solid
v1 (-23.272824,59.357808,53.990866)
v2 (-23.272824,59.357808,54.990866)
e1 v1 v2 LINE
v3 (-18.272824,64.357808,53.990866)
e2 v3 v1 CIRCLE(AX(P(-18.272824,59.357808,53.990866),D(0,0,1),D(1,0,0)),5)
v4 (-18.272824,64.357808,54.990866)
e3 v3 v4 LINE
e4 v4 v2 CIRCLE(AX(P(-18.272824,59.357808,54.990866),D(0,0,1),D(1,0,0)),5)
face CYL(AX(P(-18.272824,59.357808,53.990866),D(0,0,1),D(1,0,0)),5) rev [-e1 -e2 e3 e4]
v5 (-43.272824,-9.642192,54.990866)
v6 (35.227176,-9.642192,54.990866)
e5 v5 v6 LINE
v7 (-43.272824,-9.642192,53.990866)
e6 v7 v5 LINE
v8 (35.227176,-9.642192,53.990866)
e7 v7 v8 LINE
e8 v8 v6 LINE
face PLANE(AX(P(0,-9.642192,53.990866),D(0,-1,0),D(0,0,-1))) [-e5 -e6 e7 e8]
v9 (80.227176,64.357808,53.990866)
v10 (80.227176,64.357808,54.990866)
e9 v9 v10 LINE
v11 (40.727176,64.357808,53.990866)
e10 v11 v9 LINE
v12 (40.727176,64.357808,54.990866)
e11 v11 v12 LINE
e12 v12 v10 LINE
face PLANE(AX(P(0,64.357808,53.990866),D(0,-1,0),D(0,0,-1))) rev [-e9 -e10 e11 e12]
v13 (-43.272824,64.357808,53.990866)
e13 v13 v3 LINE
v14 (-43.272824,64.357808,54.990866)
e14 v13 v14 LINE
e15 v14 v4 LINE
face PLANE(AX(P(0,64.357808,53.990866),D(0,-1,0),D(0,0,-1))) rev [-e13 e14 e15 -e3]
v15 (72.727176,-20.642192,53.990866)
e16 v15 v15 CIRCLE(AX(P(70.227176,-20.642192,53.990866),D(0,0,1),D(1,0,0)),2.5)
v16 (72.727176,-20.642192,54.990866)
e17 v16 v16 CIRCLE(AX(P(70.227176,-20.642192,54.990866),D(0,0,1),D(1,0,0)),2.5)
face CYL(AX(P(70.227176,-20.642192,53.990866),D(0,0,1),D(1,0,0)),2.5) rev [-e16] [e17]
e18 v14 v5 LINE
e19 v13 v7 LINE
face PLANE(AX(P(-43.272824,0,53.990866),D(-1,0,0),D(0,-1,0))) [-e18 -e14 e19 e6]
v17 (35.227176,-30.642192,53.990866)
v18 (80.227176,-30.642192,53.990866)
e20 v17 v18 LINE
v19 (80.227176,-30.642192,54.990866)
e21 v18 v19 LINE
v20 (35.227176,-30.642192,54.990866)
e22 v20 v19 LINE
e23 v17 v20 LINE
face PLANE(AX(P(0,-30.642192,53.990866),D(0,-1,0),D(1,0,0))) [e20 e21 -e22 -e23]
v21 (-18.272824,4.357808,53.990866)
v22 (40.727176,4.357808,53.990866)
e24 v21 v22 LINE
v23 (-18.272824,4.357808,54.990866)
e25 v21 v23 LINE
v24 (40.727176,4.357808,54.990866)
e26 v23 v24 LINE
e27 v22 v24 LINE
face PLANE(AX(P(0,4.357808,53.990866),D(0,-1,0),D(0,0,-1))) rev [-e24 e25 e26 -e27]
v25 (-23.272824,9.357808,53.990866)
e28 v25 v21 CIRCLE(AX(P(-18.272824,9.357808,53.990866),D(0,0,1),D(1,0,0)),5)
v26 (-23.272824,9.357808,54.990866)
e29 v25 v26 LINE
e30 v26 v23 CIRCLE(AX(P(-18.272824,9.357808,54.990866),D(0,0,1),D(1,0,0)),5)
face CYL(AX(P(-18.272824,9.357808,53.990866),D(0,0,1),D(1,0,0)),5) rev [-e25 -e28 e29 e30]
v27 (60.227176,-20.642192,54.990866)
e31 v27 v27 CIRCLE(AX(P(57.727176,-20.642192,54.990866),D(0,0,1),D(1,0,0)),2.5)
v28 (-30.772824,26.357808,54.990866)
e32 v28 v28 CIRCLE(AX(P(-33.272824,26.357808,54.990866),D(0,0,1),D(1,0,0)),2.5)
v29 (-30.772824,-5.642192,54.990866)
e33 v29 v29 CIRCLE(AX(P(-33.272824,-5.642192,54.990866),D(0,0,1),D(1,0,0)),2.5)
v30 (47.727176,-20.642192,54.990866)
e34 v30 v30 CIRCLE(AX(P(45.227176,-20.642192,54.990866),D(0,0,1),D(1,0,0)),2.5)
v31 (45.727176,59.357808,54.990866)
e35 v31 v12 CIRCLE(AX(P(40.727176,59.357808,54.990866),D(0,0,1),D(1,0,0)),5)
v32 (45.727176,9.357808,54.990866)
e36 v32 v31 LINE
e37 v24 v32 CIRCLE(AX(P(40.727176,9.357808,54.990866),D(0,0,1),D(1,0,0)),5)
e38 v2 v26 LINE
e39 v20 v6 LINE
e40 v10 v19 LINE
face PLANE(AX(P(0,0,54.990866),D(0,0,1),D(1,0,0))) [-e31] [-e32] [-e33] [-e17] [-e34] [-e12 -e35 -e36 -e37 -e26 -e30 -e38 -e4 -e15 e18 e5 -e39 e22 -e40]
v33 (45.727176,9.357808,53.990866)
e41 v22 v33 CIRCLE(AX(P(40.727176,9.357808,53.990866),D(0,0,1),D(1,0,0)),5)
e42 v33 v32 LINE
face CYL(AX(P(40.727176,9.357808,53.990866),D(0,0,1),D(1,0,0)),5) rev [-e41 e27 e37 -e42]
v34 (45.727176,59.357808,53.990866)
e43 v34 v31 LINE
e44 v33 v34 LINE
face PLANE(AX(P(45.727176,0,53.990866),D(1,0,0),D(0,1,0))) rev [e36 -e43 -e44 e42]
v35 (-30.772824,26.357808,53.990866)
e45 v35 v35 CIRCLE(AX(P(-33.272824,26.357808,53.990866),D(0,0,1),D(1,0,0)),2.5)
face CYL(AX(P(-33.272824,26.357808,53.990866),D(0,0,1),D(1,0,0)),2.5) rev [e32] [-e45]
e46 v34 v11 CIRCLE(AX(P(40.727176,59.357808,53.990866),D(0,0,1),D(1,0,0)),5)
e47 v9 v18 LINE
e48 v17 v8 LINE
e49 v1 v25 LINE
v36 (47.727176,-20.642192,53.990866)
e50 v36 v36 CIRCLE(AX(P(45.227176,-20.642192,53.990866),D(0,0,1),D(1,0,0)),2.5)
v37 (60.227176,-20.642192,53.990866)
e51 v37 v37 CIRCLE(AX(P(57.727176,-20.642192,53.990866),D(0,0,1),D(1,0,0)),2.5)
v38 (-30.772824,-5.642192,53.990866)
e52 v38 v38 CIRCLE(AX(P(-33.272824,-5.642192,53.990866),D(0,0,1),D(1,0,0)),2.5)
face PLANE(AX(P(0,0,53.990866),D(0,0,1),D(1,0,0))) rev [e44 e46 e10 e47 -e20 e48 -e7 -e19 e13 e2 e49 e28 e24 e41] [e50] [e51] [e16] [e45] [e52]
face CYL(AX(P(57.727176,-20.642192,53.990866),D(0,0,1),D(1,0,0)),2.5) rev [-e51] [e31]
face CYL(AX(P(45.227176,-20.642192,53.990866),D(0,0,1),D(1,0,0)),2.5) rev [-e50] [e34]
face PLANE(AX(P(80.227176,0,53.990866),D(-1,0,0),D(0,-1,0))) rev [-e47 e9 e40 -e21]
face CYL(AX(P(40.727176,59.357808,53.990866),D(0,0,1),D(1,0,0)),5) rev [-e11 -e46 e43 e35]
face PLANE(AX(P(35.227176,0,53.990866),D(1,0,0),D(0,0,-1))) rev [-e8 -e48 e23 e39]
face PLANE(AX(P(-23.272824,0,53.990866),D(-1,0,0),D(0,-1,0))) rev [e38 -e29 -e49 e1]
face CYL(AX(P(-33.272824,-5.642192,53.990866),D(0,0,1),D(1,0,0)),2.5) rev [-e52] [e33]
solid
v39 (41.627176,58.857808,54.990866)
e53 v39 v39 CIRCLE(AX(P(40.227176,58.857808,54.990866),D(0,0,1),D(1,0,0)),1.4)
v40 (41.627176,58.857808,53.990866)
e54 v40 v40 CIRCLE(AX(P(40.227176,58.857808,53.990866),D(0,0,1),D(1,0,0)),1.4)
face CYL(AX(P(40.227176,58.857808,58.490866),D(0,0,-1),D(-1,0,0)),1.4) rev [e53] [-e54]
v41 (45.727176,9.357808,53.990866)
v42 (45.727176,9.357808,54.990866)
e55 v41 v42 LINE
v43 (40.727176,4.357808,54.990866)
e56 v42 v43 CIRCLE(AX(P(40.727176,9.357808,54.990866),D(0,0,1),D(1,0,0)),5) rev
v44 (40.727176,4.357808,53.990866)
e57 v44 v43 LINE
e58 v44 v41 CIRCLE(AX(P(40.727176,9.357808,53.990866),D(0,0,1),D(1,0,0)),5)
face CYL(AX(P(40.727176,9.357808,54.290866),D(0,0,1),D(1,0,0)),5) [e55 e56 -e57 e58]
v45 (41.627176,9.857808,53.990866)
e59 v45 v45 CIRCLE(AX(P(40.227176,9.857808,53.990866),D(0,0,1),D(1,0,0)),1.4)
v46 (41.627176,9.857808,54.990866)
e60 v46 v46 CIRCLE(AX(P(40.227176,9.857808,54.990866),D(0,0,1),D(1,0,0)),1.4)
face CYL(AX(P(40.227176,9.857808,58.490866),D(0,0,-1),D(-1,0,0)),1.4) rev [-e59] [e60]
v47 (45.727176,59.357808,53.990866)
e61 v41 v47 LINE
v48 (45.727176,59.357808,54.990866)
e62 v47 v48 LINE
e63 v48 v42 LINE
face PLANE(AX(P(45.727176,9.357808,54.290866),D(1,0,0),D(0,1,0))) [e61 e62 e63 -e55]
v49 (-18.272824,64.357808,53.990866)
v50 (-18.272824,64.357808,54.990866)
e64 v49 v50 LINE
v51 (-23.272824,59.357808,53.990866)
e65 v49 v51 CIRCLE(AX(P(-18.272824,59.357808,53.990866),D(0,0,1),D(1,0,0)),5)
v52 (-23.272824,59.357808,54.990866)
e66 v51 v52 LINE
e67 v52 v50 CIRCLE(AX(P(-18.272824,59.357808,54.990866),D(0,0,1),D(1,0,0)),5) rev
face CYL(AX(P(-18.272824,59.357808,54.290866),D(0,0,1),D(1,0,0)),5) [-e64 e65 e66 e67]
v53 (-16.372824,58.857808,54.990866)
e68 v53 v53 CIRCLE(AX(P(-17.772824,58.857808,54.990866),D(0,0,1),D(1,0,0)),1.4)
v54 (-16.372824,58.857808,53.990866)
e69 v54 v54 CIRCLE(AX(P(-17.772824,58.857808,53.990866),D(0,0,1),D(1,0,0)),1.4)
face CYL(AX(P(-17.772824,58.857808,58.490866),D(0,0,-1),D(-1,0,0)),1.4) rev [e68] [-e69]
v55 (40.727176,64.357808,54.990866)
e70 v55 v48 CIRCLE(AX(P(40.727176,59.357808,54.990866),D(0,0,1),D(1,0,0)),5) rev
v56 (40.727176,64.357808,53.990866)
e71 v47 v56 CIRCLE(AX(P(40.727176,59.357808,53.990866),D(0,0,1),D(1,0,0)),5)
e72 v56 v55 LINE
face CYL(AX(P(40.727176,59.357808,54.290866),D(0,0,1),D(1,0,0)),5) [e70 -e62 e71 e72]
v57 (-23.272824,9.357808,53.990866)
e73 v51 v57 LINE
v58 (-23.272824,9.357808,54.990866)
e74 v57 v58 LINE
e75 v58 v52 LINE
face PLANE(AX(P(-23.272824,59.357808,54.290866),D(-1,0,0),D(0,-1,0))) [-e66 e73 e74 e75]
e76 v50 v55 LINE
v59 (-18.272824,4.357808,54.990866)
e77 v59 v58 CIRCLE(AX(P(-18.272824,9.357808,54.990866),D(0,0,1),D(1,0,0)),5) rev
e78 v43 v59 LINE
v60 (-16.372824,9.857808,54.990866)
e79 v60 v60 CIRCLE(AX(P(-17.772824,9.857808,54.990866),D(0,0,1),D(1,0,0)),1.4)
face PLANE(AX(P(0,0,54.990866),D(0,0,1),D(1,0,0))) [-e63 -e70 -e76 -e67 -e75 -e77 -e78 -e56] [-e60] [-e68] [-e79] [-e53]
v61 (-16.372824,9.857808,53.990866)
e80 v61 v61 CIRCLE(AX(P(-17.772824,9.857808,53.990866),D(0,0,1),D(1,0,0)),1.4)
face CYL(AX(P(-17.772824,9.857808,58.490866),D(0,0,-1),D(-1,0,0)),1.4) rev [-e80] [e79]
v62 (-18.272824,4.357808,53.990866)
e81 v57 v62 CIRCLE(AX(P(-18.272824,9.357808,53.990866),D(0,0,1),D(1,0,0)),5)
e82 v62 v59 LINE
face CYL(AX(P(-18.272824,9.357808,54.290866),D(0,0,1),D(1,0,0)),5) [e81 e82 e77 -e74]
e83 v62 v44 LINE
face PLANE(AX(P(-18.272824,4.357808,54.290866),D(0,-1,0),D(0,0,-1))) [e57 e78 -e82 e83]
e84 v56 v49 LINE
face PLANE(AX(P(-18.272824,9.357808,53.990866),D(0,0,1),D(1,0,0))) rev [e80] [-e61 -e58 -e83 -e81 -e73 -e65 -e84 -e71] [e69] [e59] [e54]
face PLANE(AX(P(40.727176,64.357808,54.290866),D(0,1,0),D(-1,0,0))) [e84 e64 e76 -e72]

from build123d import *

# Parameters (mm, degrees)
BOSS_EXTRUDE1_DEPTH      = 6.5
BOSS_EXTRUDE1_DEPTH_BACK = 1
SKETCH5_R                = 3
SKETCH5_R_2              = 1.4
BOSS_EXTRUDE5_DEPTH      = 3.2
BOSS_EXTRUDE5_2_DEPTH    = 3.2
BOSS_EXTRUDE5_3_DEPTH    = 3.2
BOSS_EXTRUDE5_4_DEPTH    = 3.2
BOSS_EXTRUDE6_START      = -1.3
BOSS_EXTRUDE6_DEPTH      = 1.3
CUT_EXTRUDE9_START       = -1.5
SKETCH17_R               = 1.4
CUT_EXTRUDE9_DEPTH       = 1.5
CUT_EXTRUDE10_DEPTH      = 10
CUT_EXTRUDE10_DEPTH_BACK = 3.5
SKETCH18_W               = 118.483225972
SKETCH18_H               = 113.092379331
SKETCH23_R               = 2.5
BOSS_EXTRUDE7_DEPTH      = 1


with BuildPart() as part:
    # Sketch3 → Boss-Extrude1 (new, two sides: drawn at the far end of the back side and taken through both)
    with BuildSketch(Plane.XY.offset(55.290865561).offset(-BOSS_EXTRUDE1_DEPTH_BACK)):
        with BuildLine():
            Line((-23.272824317, 59.357808031), (-23.272824317, 9.357808031))
            ThreePointArc((-23.272824317, 9.357808031), (-21.808358223, 5.822274126), (-18.272824317, 4.357808031))
            Line((-18.272824317, 4.357808031), (40.727175683, 4.357808031))
            ThreePointArc((40.727175683, 4.357808031), (44.262709589, 5.822274126), (45.727175683, 9.357808031))
            Line((45.727175683, 9.357808031), (45.727175683, 59.357808031))
            ThreePointArc((45.727175683, 59.357808031), (44.262709589, 62.893341937), (40.727175683, 64.357808031))
            Line((40.727175683, 64.357808031), (-18.272824317, 64.357808031))
            ThreePointArc((-18.272824317, 64.357808031), (-21.808358223, 62.893341937), (-23.272824317, 59.357808031))
        make_face()
        with BuildLine():
            Line((40.727175683, 62.857808031), (-18.272824317, 62.857808031))
            ThreePointArc((-18.272824317, 62.857808031), (-20.747698051, 61.832681766), (-21.772824317, 59.357808031))
            Line((-21.772824317, 59.357808031), (-21.772824317, 9.357808031))
            ThreePointArc((-21.772824317, 9.357808031), (-20.747698051, 6.882934297), (-18.272824317, 5.857808031))
            Line((-18.272824317, 5.857808031), (40.727175683, 5.857808031))
            ThreePointArc((40.727175683, 5.857808031), (43.202049418, 6.882934297), (44.227175683, 9.357808031))
            Line((44.227175683, 9.357808031), (44.227175683, 59.357808031))
            ThreePointArc((44.227175683, 59.357808031), (43.202049418, 61.832681766), (40.727175683, 62.857808031))
        make_face(mode=Mode.SUBTRACT)
    extrude(amount=BOSS_EXTRUDE1_DEPTH + BOSS_EXTRUDE1_DEPTH_BACK)



with BuildPart() as body_2:
    # Sketch5 → Boss-Extrude5 (new body)
    with BuildSketch(Plane.XY.offset(55.290865561)):
        with Locations((-17.772824317, 58.857808031)):
            Circle(SKETCH5_R)
        with Locations(Location((-17.772824317, 58.857808031, 0), (0, 0, 180))):
            Circle(SKETCH5_R_2, mode=Mode.SUBTRACT)
    extrude(amount=BOSS_EXTRUDE5_DEPTH)


with BuildPart() as body_3:
    # Sketch5 → Boss-Extrude5 2 (new body)
    with BuildSketch(Plane.XY.offset(55.290865561)):
        with Locations(Location((40.227175683, 58.857808031, 0), (0, 0, 180))):
            Circle(SKETCH5_R)
        with Locations((40.227175683, 58.857808031)):
            Circle(SKETCH5_R_2, mode=Mode.SUBTRACT)
    extrude(amount=BOSS_EXTRUDE5_2_DEPTH)


with BuildPart() as body_4:
    # Sketch5 → Boss-Extrude5 3 (new body)
    with BuildSketch(Plane.XY.offset(55.290865561)):
        with Locations(Location((-17.772824317, 9.857808031, 0), (0, 0, 180))):
            Circle(SKETCH5_R)
        with Locations((-17.772824317, 9.857808031)):
            Circle(SKETCH5_R_2, mode=Mode.SUBTRACT)
    extrude(amount=BOSS_EXTRUDE5_3_DEPTH)


with BuildPart() as body_5:
    # Sketch5 → Boss-Extrude5 4 (new body)
    with BuildSketch(Plane.XY.offset(55.290865561)):
        with Locations((40.227175683, 9.857808031)):
            Circle(SKETCH5_R)
        with Locations(Location((40.227175683, 9.857808031, 0), (0, 0, 180))):
            Circle(SKETCH5_R_2, mode=Mode.SUBTRACT)
    extrude(amount=BOSS_EXTRUDE5_4_DEPTH)


with BuildPart() as part_1:
    add(part.part)

    add(body_2.part)  # Boss-Extrude6 merges body 2

    add(body_3.part)  # Boss-Extrude6 merges body 3

    add(body_4.part)  # Boss-Extrude6 merges body 4

    add(body_5.part)  # Boss-Extrude6 merges body 5
    # Sketch13 → Boss-Extrude6 (add)
    with BuildSketch(Plane.XY.offset(55.290865561).offset(BOSS_EXTRUDE6_START)):
        with BuildLine():
            Line((-23.272824317, 26.657808031), (-23.272824317, 42.657808031))
            Line((-23.272824317, 42.657808031), (-23.272824317, 59.357808031))
            ThreePointArc((-23.272824317, 59.357808031), (-21.808358223, 62.893341937), (-18.272824317, 64.357808031))
            Line((-18.272824317, 64.357808031), (40.727175683, 64.357808031))
            ThreePointArc((40.727175683, 64.357808031), (44.262709589, 62.893341937), (45.727175683, 59.357808031))
            Line((45.727175683, 59.357808031), (45.727175683, 9.357808031))
            ThreePointArc((45.727175683, 9.357808031), (44.262709589, 5.822274126), (40.727175683, 4.357808031))
            Line((40.727175683, 4.357808031), (-18.272824317, 4.357808031))
            ThreePointArc((-18.272824317, 4.357808031), (-21.808358223, 5.822274126), (-23.272824317, 9.357808031))
            Line((-23.272824317, 9.357808031), (-23.272824317, 26.657808031))
        make_face()
    extrude(amount=BOSS_EXTRUDE6_DEPTH)

    # Sketch17 → Cut-Extrude9 (cut)
    with BuildSketch(Plane.XY.offset(55.290865561).offset(CUT_EXTRUDE9_START)):
        with Locations(Location((40.227175683, 9.857808031, 0), (0, 0, 180))):
            Circle(SKETCH17_R)
        with Locations((-17.772824317, 9.857808031)):
            Circle(SKETCH17_R)
        with Locations(Location((-17.772824317, 58.857808031, 0), (0, 0, 180))):
            Circle(SKETCH17_R)
        with Locations((40.227175683, 58.857808031)):
            Circle(SKETCH17_R)
    extrude(amount=CUT_EXTRUDE9_DEPTH, mode=Mode.SUBTRACT)

    # Sketch18 → Cut-Extrude10 (cut, two sides: drawn at the far end of the back side and taken through both)
    with BuildSketch(Plane.XY.offset(58.490865561).offset(-CUT_EXTRUDE10_DEPTH_BACK)):
        with Locations((8.738192824, 45.025275568)):
            Rectangle(SKETCH18_W, SKETCH18_H)
    extrude(amount=CUT_EXTRUDE10_DEPTH + CUT_EXTRUDE10_DEPTH_BACK, mode=Mode.SUBTRACT)


with BuildPart() as body_2_2:
    # Sketch23 → Boss-Extrude7 (new body)
    with BuildSketch(Plane.XY.offset(54.990865561)):
        with BuildLine():
            Line((-18.272824317, 64.357808031), (-43.272824317, 64.357808031))
            Line((-43.272824317, 64.357808031), (-43.272824317, -9.642191969))
            Line((-43.272824317, -9.642191969), (35.227175683, -9.642191969))
            Line((35.227175683, -9.642191969), (35.227175683, -30.642191969))
            Line((35.227175683, -30.642191969), (80.227175683, -30.642191969))
            Line((80.227175683, -30.642191969), (80.227175683, 64.357808031))
            Line((80.227175683, 64.357808031), (40.727175683, 64.357808031))
            ThreePointArc((40.727175683, 64.357808031), (44.262709589, 62.893341937), (45.727175683, 59.357808031))
            Line((45.727175683, 59.357808031), (45.727175683, 9.357808031))
            ThreePointArc((45.727175683, 9.357808031), (44.262709589, 5.822274126), (40.727175683, 4.357808031))
            Line((40.727175683, 4.357808031), (-18.272824317, 4.357808031))
            ThreePointArc((-18.272824317, 4.357808031), (-21.808358223, 5.822274126), (-23.272824317, 9.357808031))
            Line((-23.272824317, 9.357808031), (-23.272824317, 59.357808031))
            ThreePointArc((-23.272824317, 59.357808031), (-21.808358223, 62.893341937), (-18.272824317, 64.357808031))
        make_face()
        with Locations((-33.272824317, -5.642191969)):
            Circle(SKETCH23_R, mode=Mode.SUBTRACT)
        with Locations((45.227175683, -20.642191969)):
            Circle(SKETCH23_R, mode=Mode.SUBTRACT)
        with BuildLine():
            ThreePointArc((55.227175683, -20.642191969), (57.727175683, -18.142191969), (60.227175683, -20.642191969))
            ThreePointArc((60.227175683, -20.642191969), (57.727175683, -23.142191969), (55.227175683, -20.642191969))
        make_face(mode=Mode.SUBTRACT)
        with Locations((70.227175683, -20.642191969)):
            Circle(SKETCH23_R, mode=Mode.SUBTRACT)
        with Locations((-33.272824317, 26.357808031)):
            Circle(SKETCH23_R, mode=Mode.SUBTRACT)
    extrude(amount=-BOSS_EXTRUDE7_DEPTH)


solid = Compound([part_1.part, body_2_2.part])
